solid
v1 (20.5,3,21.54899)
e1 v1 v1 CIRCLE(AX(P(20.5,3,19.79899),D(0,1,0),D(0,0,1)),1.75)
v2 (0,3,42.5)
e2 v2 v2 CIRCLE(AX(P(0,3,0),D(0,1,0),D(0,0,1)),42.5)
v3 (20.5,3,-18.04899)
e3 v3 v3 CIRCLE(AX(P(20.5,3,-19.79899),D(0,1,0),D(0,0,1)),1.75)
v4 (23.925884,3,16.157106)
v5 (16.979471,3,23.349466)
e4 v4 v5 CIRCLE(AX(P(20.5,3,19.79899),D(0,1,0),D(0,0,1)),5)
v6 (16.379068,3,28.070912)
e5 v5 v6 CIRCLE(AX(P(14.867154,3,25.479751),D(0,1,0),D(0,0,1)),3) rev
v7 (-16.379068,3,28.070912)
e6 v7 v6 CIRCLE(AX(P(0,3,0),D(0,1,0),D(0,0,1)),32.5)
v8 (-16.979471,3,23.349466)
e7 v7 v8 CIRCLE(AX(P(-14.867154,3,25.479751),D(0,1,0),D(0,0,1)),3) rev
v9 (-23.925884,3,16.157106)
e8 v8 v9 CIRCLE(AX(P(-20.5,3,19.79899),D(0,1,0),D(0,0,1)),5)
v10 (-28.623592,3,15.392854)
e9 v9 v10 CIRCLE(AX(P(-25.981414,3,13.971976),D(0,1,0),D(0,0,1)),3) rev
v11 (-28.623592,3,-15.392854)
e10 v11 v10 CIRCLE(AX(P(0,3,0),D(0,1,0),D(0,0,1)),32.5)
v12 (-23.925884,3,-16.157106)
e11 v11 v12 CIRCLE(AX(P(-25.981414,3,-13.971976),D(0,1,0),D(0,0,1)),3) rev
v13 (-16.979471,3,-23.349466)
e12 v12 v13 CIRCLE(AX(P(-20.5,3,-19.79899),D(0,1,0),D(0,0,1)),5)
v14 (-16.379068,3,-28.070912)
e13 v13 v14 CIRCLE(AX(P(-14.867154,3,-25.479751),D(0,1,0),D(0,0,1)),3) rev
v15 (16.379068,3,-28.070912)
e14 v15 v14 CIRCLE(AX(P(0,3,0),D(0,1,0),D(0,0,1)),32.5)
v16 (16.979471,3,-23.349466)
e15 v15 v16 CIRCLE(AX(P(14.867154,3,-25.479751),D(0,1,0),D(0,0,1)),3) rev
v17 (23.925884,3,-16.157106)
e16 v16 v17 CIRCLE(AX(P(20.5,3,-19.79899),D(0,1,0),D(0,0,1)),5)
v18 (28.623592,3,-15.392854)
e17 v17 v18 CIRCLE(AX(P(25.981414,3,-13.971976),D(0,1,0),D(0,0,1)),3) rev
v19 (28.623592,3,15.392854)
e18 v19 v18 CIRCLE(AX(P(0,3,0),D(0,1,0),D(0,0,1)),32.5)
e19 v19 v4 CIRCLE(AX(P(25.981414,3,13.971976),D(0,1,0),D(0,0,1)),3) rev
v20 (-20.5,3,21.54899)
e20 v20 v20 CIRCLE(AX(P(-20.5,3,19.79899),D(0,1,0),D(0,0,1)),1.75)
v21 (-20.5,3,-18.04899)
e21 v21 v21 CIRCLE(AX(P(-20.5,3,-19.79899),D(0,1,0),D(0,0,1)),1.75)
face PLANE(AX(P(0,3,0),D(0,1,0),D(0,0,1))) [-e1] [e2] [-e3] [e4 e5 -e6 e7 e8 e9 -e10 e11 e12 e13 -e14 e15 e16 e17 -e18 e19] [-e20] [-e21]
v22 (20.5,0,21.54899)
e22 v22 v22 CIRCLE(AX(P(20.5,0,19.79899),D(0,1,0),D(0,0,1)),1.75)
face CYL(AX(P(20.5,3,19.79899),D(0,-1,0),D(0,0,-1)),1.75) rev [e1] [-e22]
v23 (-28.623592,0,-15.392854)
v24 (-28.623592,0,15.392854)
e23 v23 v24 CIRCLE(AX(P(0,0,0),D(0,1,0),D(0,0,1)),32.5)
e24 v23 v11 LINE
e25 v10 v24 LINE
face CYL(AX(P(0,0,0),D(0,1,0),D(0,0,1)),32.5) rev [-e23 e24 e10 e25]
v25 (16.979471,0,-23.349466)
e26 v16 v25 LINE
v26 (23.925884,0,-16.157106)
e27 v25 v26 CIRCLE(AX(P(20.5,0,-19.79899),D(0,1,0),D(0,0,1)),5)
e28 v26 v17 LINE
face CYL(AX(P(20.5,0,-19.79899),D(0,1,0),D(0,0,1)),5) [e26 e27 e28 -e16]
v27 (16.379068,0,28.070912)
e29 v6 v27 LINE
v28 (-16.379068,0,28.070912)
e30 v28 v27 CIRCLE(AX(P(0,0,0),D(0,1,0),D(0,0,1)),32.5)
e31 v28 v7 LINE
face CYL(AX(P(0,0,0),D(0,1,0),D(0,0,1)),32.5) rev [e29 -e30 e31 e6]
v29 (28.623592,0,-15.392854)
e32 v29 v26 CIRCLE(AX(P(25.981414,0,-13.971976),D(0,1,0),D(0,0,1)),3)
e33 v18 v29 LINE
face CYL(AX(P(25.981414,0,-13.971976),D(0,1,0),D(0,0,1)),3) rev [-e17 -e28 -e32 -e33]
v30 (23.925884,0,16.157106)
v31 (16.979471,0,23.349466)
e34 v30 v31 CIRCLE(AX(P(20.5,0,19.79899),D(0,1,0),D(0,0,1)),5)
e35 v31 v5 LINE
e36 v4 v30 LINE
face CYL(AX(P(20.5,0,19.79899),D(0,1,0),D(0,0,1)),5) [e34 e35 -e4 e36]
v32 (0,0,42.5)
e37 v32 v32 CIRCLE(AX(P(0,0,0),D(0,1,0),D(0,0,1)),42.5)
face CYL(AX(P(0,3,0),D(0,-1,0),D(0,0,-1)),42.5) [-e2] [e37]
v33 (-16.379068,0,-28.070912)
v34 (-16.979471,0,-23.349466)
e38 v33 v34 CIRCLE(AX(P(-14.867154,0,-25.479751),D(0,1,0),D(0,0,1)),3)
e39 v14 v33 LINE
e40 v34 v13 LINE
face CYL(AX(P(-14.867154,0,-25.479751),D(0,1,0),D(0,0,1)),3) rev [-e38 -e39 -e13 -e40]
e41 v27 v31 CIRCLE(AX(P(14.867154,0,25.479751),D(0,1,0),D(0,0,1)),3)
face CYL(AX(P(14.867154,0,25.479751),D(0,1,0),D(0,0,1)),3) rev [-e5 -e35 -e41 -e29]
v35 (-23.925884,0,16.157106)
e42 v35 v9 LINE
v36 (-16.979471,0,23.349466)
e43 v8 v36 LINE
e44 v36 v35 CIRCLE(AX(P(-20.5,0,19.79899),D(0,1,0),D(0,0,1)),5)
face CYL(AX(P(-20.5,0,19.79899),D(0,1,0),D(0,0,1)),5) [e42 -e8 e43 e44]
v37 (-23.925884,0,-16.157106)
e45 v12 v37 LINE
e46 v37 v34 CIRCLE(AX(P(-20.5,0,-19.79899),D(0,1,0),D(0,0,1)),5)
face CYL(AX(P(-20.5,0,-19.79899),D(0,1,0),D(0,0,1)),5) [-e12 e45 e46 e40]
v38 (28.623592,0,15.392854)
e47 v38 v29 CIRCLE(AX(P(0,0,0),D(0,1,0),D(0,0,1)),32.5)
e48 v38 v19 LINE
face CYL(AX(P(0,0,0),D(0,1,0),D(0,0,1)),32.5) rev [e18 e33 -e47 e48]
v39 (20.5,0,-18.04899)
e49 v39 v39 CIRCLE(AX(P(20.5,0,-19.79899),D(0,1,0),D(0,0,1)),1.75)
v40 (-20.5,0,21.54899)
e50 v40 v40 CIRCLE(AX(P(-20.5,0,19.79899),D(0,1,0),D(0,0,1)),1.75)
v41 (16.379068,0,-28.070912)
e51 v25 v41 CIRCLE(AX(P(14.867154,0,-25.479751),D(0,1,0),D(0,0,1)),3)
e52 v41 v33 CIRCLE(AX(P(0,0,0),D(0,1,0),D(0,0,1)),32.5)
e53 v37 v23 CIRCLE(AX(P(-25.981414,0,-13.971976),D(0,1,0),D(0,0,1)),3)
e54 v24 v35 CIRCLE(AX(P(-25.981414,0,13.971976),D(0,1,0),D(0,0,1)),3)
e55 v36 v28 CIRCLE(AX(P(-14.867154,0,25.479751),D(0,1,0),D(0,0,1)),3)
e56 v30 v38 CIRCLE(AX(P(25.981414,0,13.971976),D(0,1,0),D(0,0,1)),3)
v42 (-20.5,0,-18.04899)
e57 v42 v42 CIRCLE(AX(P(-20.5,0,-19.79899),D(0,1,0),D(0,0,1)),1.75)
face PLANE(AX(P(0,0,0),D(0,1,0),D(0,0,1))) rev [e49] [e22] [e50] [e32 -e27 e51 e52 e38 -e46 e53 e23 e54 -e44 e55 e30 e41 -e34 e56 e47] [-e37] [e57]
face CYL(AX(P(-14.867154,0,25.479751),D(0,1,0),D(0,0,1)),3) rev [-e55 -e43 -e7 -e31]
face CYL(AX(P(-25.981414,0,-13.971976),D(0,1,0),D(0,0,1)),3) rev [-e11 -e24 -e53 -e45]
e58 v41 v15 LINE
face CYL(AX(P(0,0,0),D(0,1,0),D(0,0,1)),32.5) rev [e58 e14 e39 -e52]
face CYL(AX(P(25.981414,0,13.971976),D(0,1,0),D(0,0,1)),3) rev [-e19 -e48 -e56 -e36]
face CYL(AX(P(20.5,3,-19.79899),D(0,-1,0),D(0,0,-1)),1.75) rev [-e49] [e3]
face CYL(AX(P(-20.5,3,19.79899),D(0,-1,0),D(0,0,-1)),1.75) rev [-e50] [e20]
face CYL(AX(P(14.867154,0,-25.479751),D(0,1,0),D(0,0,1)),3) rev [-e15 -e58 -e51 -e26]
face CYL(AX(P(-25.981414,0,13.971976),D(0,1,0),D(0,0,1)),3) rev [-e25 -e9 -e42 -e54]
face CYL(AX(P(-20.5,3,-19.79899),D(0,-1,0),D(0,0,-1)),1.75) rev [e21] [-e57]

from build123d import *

# Parameters (mm, degrees)
SKETCH_1_R          = 45
SKETCH_1_R_2        = 2
EXTRUDE_1_DEPTH     = 3
CUT_EXTRUDE_1_DEPTH = 64.710281745
FILLET_1_R          = 3
MOVE_FACE_1_BY      = 2.5
MOVE_FACE_2_BY      = 0.15
MOVE_FACE_2_2_BY    = 0.15
MOVE_FACE_2_3_BY    = 0.15
MOVE_FACE_2_4_BY    = 0.15
MOVE_FACE_3_BY      = 0.4
MOVE_FACE_3_2_BY    = 0.4
MOVE_FACE_3_3_BY    = 0.4
MOVE_FACE_3_4_BY    = 0.4


with BuildPart() as part:
    # ｽｹｯﾁ1 → ﾎﾞｽ - 押し出し1 (new body)
    with BuildSketch(Plane(origin=(0, 0, 0), x_dir=(1, 0, 0), z_dir=(0, 1, 0))):
        with Locations(Location((0, 0, 0), (0, 0, 270))):
            Circle(SKETCH_1_R)
        with Locations(Location((-20.5, -19.798989873, 0), (0, 0, 270))):
            Circle(SKETCH_1_R_2, mode=Mode.SUBTRACT)
        with Locations(Location((20.5, -19.798989873, 0), (0, 0, 90))):
            Circle(SKETCH_1_R_2, mode=Mode.SUBTRACT)
        with Locations(Location((20.5, 19.798989873, 0), (0, 0, 270))):
            Circle(SKETCH_1_R_2, mode=Mode.SUBTRACT)
        with Locations(Location((-20.5, 19.798989873, 0), (0, 0, 90))):
            Circle(SKETCH_1_R_2, mode=Mode.SUBTRACT)
    extrude(amount=EXTRUDE_1_DEPTH)

    # ｽｹｯﾁ2 → ｶｯﾄ - 押し出し1 (cut, through all)
    with BuildSketch(Plane(origin=(0, 3, 0), x_dir=(1, 0, 0), z_dir=(0, 1, 0))):
        with BuildLine():
            ThreePointArc((25.486471606, -20.166550649), (30.696582279, -10.675665619), (32.5, 0))
            ThreePointArc((32.5, 0), (30.696582279, 10.675665619), (25.486471606, 20.166550649))
            ThreePointArc((25.486471606, 20.166550649), (25.496616757, 19.9828947), (25.5, 19.798989873))
            ThreePointArc((25.5, 19.798989873), (16.778183392, 16.460115641), (21.040767545, 24.769660901))
            ThreePointArc((21.040767545, 24.769660901), (0, 32.5), (-21.040767545, 24.769660901))
            ThreePointArc((-21.040767545, 24.769660901), (-17.161125768, 23.520806481), (-15.5, 19.798989873))
            ThreePointArc((-15.5, 19.798989873), (-20.683904827, 14.802373116), (-25.486471606, 20.166550649))
            ThreePointArc((-25.486471606, 20.166550649), (-32.5, 0), (-25.486471606, -20.166550649))
            ThreePointArc((-25.486471606, -20.166550649), (-20.683904827, -14.802373116), (-15.5, -19.798989873))
            ThreePointArc((-15.5, -19.798989873), (-17.161125768, -23.520806481), (-21.040767545, -24.769660901))
            ThreePointArc((-21.040767545, -24.769660901), (0, -32.5), (21.040767545, -24.769660901))
            ThreePointArc((21.040767545, -24.769660901), (16.778183392, -16.460115641), (25.5, -19.798989873))
            ThreePointArc((25.5, -19.798989873), (25.496616757, -19.9828947), (25.486471606, -20.166550649))
        make_face()
    extrude(amount=-CUT_EXTRUDE_1_DEPTH, mode=Mode.SUBTRACT)

    # ﾌｨﾚｯﾄ1
    fillet_1_edges = [part.edges().sort_by_distance(p)[0] for p in [
        (21.040767545, 1.5, -24.769660901),
        (25.486471606, 1.5, -20.166550649),
        (25.486471606, 1.5, 20.166550649),
        (21.040767545, 1.5, 24.769660901),
        (-21.040767545, 1.5, 24.769660901),
        (-25.486471606, 1.5, 20.166550649),
        (-25.486471606, 1.5, -20.166550649),
        (-21.040767545, 1.5, -24.769660901),
    ]]
    fillet(fillet_1_edges, radius=FILLET_1_R)

    # Move Face 1: a curved face moved inward by 2.5
    add(Solid.thicken(part.faces().sort_by_distance((0, 1.5, -45))[0], -MOVE_FACE_1_BY), mode=Mode.SUBTRACT)

    # Move Face 2: a curved face moved inward by 0.15
    add(Solid.thicken(part.faces().sort_by_distance((20.5, 1.5, -21.798989873))[0], -MOVE_FACE_2_BY), mode=Mode.SUBTRACT)

    # Move Face 2 2: a curved face moved inward by 0.15
    add(Solid.thicken(part.faces().sort_by_distance((-20.5, 1.5, -17.798989873))[0], -MOVE_FACE_2_2_BY), mode=Mode.SUBTRACT)

    # Move Face 2 3: a curved face moved inward by 0.15
    add(Solid.thicken(part.faces().sort_by_distance((-20.5, 1.5, 17.798989873))[0], -MOVE_FACE_2_3_BY), mode=Mode.SUBTRACT)

    # Move Face 2 4: a curved face moved inward by 0.15
    add(Solid.thicken(part.faces().sort_by_distance((20.5, 1.5, 21.798989873))[0], -MOVE_FACE_2_4_BY), mode=Mode.SUBTRACT)

    # Move Face 3: a curved face moved outward by 0.4
    add(Solid.thicken(part.faces().sort_by_distance((-20.5, 1.5, 17.648989873))[0], MOVE_FACE_3_BY))

    # Move Face 3 2: a curved face moved outward by 0.4
    add(Solid.thicken(part.faces().sort_by_distance((20.5, 1.5, 21.948989873))[0], MOVE_FACE_3_2_BY))

    # Move Face 3 3: a curved face moved outward by 0.4
    add(Solid.thicken(part.faces().sort_by_distance((20.5, 1.5, -21.948989873))[0], MOVE_FACE_3_3_BY))

    # Move Face 3 4: a curved face moved outward by 0.4
    add(Solid.thicken(part.faces().sort_by_distance((-20.5, 1.5, -17.648989873))[0], MOVE_FACE_3_4_BY))


solid = part.part
